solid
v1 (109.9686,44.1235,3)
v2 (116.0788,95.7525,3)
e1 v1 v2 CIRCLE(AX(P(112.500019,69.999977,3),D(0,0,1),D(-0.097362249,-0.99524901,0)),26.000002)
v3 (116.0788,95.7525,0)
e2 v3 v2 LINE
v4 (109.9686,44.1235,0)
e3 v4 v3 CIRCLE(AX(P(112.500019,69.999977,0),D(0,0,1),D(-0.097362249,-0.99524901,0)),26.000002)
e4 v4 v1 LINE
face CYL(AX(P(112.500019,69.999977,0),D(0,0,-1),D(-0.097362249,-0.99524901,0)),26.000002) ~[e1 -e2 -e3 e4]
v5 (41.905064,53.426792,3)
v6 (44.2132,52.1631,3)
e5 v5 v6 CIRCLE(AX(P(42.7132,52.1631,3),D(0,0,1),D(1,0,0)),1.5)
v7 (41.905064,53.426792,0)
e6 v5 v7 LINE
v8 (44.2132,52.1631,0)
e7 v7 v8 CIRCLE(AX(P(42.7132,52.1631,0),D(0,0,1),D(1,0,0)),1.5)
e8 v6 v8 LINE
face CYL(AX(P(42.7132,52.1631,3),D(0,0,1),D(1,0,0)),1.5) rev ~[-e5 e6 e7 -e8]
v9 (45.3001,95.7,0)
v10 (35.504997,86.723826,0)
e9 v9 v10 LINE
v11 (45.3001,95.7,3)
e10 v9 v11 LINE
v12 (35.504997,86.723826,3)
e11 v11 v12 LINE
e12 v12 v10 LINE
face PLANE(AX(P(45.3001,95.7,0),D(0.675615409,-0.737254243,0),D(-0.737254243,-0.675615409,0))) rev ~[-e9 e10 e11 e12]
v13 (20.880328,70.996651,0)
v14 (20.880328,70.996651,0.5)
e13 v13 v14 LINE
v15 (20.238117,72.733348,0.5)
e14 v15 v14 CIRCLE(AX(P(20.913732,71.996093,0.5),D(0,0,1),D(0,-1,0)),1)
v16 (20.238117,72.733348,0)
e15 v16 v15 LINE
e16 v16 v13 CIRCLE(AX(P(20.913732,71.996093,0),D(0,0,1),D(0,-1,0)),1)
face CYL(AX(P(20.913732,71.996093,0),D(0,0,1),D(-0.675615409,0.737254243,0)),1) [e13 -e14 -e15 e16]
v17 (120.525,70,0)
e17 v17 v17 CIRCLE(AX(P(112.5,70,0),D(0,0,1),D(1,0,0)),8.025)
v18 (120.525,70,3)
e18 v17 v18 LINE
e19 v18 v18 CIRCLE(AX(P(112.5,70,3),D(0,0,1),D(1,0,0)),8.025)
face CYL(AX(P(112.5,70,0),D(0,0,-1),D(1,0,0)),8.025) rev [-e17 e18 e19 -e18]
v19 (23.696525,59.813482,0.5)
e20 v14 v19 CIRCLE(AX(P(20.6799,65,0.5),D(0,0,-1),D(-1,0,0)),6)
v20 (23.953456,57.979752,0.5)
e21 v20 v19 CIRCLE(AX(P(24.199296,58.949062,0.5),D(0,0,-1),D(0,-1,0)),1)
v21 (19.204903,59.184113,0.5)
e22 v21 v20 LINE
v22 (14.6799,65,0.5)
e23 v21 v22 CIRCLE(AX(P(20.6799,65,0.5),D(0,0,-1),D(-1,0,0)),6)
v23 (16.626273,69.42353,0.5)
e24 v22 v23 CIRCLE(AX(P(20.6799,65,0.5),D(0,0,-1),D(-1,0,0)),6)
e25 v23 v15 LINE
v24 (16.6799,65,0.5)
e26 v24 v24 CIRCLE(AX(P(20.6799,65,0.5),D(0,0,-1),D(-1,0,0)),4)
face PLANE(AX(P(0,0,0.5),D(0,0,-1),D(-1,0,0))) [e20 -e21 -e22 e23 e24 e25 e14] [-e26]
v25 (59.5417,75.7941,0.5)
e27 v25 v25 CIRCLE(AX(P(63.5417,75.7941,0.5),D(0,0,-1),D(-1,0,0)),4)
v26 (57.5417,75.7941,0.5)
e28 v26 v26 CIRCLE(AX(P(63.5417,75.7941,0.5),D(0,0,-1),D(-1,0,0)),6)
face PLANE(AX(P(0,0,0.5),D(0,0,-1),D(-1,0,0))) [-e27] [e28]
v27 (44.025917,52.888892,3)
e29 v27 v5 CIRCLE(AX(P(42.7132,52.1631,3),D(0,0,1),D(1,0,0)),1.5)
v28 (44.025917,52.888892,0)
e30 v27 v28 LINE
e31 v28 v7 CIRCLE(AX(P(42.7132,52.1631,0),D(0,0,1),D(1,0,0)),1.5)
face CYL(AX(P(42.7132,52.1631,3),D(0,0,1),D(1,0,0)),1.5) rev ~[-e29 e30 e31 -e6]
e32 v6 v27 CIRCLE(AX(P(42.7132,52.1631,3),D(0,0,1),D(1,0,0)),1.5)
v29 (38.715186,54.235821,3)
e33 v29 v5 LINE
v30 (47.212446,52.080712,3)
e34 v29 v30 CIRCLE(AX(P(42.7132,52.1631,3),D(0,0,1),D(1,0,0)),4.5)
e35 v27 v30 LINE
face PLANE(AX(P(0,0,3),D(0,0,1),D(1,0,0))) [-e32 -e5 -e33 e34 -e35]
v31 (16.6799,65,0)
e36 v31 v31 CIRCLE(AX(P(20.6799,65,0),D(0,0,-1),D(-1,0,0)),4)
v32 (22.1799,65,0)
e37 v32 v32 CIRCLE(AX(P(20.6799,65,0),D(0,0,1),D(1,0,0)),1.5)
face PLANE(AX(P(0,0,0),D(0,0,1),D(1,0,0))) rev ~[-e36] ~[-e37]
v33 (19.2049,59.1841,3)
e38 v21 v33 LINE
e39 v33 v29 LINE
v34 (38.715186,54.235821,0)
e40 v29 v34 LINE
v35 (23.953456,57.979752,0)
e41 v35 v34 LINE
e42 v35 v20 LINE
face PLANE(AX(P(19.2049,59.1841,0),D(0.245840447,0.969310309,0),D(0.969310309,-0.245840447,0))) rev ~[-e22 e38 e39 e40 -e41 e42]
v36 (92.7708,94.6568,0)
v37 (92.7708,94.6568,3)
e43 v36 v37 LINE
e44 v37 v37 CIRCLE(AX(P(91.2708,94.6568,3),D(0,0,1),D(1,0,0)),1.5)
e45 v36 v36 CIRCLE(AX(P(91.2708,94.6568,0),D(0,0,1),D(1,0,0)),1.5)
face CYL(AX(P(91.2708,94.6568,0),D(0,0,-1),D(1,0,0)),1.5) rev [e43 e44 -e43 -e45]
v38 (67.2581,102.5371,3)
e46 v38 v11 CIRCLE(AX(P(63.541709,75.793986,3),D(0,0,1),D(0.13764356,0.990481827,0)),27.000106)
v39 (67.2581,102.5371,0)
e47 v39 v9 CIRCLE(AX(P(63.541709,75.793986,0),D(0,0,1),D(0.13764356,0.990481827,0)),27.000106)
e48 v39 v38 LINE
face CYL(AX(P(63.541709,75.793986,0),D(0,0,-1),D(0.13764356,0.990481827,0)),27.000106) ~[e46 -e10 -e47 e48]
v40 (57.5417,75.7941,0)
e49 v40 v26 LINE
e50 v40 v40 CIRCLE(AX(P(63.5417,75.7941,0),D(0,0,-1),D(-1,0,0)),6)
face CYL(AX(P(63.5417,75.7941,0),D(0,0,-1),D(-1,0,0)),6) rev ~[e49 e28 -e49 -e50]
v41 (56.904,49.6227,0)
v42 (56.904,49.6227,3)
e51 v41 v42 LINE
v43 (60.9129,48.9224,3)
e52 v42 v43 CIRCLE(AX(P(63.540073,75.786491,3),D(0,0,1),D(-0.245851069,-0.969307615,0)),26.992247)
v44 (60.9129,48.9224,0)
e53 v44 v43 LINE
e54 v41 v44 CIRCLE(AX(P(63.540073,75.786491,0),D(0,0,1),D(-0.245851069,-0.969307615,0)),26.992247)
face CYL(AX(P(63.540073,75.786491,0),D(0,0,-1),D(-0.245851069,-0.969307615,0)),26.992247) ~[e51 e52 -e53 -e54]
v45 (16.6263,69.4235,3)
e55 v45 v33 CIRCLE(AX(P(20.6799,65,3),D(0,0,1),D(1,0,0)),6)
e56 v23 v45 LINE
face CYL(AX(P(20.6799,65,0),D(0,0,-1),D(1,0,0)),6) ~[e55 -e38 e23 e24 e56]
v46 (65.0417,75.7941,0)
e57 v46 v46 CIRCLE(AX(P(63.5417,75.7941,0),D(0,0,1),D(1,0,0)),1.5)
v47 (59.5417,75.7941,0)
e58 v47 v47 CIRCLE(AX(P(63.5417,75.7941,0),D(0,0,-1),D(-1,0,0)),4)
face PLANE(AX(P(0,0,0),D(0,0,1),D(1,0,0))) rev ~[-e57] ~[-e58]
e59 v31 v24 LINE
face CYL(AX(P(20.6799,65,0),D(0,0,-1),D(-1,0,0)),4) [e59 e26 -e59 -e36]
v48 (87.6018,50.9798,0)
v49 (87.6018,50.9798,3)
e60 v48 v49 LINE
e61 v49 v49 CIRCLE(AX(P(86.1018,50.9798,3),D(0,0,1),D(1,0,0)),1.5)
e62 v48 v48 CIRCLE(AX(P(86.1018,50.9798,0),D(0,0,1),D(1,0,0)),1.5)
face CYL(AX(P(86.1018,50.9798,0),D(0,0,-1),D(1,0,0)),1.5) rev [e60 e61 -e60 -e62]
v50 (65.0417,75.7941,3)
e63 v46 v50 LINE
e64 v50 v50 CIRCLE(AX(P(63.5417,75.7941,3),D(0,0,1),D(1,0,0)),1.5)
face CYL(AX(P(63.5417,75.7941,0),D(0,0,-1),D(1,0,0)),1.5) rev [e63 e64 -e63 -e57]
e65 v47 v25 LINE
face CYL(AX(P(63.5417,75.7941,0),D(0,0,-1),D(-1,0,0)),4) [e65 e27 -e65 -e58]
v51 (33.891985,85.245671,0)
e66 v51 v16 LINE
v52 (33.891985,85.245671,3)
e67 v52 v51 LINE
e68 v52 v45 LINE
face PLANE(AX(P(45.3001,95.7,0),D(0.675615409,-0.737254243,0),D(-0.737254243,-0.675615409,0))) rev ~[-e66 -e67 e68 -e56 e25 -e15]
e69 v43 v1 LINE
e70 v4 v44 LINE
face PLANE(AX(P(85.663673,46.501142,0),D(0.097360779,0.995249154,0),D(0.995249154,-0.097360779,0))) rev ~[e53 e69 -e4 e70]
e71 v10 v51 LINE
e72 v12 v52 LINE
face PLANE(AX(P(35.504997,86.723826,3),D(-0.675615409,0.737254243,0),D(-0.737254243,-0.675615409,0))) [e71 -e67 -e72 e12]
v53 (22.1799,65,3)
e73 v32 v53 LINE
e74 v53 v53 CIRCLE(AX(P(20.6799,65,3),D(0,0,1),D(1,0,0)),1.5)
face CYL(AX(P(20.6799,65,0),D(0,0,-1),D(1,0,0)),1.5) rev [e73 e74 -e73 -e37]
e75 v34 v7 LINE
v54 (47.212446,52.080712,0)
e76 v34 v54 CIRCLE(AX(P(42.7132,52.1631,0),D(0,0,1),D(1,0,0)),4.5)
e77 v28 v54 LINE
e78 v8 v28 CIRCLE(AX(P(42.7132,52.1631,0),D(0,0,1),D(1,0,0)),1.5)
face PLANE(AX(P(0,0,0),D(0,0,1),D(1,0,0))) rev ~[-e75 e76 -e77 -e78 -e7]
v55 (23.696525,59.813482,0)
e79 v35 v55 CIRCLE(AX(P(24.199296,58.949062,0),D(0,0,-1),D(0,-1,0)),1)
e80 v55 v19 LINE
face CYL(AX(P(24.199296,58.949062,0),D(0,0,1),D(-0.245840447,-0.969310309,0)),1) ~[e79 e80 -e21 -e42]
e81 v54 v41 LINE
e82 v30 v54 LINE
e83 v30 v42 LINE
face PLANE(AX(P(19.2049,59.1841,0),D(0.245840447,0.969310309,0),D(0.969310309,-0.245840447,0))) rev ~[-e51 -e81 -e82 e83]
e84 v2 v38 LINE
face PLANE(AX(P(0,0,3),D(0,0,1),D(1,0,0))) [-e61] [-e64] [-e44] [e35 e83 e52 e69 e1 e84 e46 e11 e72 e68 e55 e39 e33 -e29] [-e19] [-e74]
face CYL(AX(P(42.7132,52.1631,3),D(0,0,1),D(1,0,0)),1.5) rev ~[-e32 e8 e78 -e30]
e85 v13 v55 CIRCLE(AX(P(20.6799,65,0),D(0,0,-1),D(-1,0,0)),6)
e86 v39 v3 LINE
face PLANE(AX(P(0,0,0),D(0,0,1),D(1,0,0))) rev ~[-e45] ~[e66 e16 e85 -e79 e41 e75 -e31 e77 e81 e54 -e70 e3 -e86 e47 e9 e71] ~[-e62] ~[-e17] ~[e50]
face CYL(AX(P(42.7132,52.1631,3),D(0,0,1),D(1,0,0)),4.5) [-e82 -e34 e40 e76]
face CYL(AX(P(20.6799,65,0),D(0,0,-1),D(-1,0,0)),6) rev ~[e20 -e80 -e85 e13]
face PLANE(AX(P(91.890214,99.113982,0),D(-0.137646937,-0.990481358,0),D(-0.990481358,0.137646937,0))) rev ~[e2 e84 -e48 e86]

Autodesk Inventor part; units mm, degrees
ref_plane "YZ Plane" through (0, 0, 0) normal (1, 0, 0) x (0, 1, 0)
ref_plane "XZ Plane" through (0, 0, 0) normal (0, 1, 0) x (-1, 0, 0)
ref_plane "XY Plane" through (0, 0, 0) normal (0, 0, 1) x (1, 0, 0)
sketch "スケッチ1" plane through (0, 0, 0) normal (0, 0, 1) x (1, 0, 0)
  circle A0 centre (-27.1196, 80) radius 1.5
  circle A1 centre (-27.1196, 80) radius 6
  circle A2 centre (20.6799, 65) radius 1.5
  circle A3 centre (20.6799, 65) radius 6
  circle A4 centre (63.5417, 75.7941) radius 1.5
  circle A5 centre (-68.1796, 83.3936) radius 1.5
  circle A6 centre (-112.5, 70) radius 8.025
  circle A7 centre (112.5, 70) radius 8.025
  arc A8 (109.9686, 44.1235) -> (116.0788, 95.7525) centre (112.5, 70) ccw
  circle A9 centre (-94.9808, 96.6696) radius 4.5
  circle A10 centre (-94.9808, 96.6696) radius 1.5
  circle A11 centre (-83.1426, 57.4965) radius 1.5
  circle A12 centre (-83.1426, 57.4965) radius 4.5
  circle A13 centre (86.1018, 50.9798) radius 4.5
  circle A14 centre (86.1018, 50.9798) radius 1.5
  circle A15 centre (91.2708, 94.6568) radius 1.5
  circle A16 centre (91.2708, 94.6568) radius 4.5
  line L0 (-103.9107, 45.4598) -> (-60.251, 60.7411)
  line L1 (-118.9391, 95.19) -> (-74.1234, 106.646)
  line L2 (-55.9515, 104.0449) -> (-24.0626, 85.1628)
  line L3 (-24.9517, 74.4053) -> (-59.508, 61.015)
  line L4 (116.0788, 95.7525) -> (67.2581, 102.5371)
  line L5 (45.3001, 95.7) -> (16.6263, 69.4235)
  line L6 (19.2049, 59.1841) -> (56.904, 49.6227)
  line L7 (60.9129, 48.9224) -> (109.9686, 44.1235)
  arc A17 (-118.9391, 95.19) -> (-103.9107, 45.4598) centre (-112.5, 70) ccw
  arc A18 (-60.251, 60.7411) -> (-59.508, 61.015) centre (-68.1796, 83.3936) ccw
  arc A19 (-55.9515, 104.0449) -> (-74.1234, 106.646) centre (-68.1796, 83.3936) ccw
  arc A20 (56.904, 49.6227) -> (60.9129, 48.9224) centre (63.5417, 75.7941) ccw
  arc A21 (67.2581, 102.5371) -> (45.3001, 95.7) centre (63.5417, 75.7941) ccw
  point P0 (0, 0)
  point P1 (0, 0)
  point P2 (0, 0)
  dimension "d0" = 3
  dimension "d1" = 12
  dimension "d2" = 3
  dimension "d3" = 12
  dimension "d4" = 3
  dimension "d5" = 3
  dimension "d6" = 16.05
  dimension "d7" = 16.05
  dimension "d8" = 52
  dimension "d9" = 9
  dimension "d10" = 3
  dimension "d11" = 3
  dimension "d12" = 9
  dimension "d13" = 9
  dimension "d14" = 3
  dimension "d15" = 3
  dimension "d16" = 9
  dimension "d17" = 2.0367
  dimension "d18" = 2.0367
  dimension "d19" = 24
  dimension "d20" = 24
  dimension "d21" = 26
  dimension "d22" = 27
  dimension "d23" = 27
  dimension "d24" = 31.9091
  dimension "d25" = 31.9091
  dimension "d26" = 32.5367
  dimension "d27" = 32.5367
extrude "押し出し1" add sketch "スケッチ1" along normal blind 3 contours A3 | A13 | A16 | A3 L5 A21 L4 A8 L7 A20 L6
sketch "スケッチ2" plane through (0, 0, 3) normal (0, 0, 1) x (1, 0, 0)
  arc A0 (56.904, 49.6227) -> (60.9129, 48.9224) centre (63.5417, 75.7941) ccw projected
  line L0 (60.9129, 48.9224) -> (109.9686, 44.1235) projected
  arc A1 (109.9686, 44.1235) -> (116.0788, 95.7525) centre (112.5, 70) ccw projected
  line L1 (116.0788, 95.7525) -> (67.2581, 102.5371) projected
  arc A2 (67.2581, 102.5371) -> (45.3001, 95.7) centre (63.5417, 75.7941) ccw projected
  line L2 (45.3001, 95.7) -> (16.6263, 69.4235) projected
  arc A3 (16.6263, 69.4235) -> (19.2049, 59.1841) centre (20.6799, 65) ccw projected
  line L3 (19.2049, 59.1841) -> (56.904, 49.6227) projected
  circle A4 centre (91.2708, 94.6568) radius 1.5 projected
  circle A5 centre (86.1018, 50.9798) radius 1.5 projected
  circle A6 centre (112.5, 70) radius 8.025 projected
  circle A7 centre (63.5417, 75.7941) radius 1.5 projected
  circle A8 centre (20.6799, 65) radius 1.5 projected
  circle A9 centre (63.5417, 75.7941) radius 27
  circle A10 centre (20.6799, 65) radius 21
  circle A11 centre (34.0051, 86.7414) radius 4.5
  circle A12 centre (34.0051, 86.7414) radius 1.5
  circle A13 centre (42.7132, 52.1631) radius 1.5
  circle A14 centre (42.7132, 52.1631) radius 4.5
  point P0 (0, 0)
  point P1 (38.7185, 54.235)
  point P2 (47.2124, 52.0807)
  point P3 (44.0259, 52.8889)
  point P4 (41.9051, 53.4268)
  point P5 (35.505, 86.7239)
  point P6 (37.9287, 88.9449)
  point P7 (31.4683, 83.0247)
  point P8 (33.892, 85.2457)
  dimension "d30" = 54
  dimension "d31" = 42
  dimension "d32" = 9
  dimension "d33" = 3
  dimension "d34" = 3
  dimension "d35" = 9
extrude "押し出し2" add sketch "スケッチ2" against normal blind 3 contours A14 L3 A13
sketch "スケッチ3" plane through (0, 0, 3) normal (0, 0, 1) x (1, 0, 0)
  line L0 (47.2124, 52.0807) -> (56.904, 49.6227) projected
  arc A0 (56.904, 49.6227) -> (60.9129, 48.9224) centre (63.5417, 75.7941) ccw projected
  line L1 (60.9129, 48.9224) -> (109.9686, 44.1235) projected
  arc A1 (109.9686, 44.1235) -> (116.0788, 95.7525) centre (112.5, 70) ccw projected
  line L2 (116.0788, 95.7525) -> (67.2581, 102.5371) projected
  arc A2 (67.2581, 102.5371) -> (45.3001, 95.7) centre (63.5417, 75.7941) ccw projected
  line L3 (45.3001, 95.7) -> (16.6263, 69.4235) projected
  arc A3 (16.6263, 69.4235) -> (19.2049, 59.1841) centre (20.6799, 65) ccw projected
  circle A4 centre (91.2708, 94.6568) radius 1.5 projected
  circle A5 centre (86.1018, 50.9798) radius 1.5 projected
  circle A6 centre (112.5, 70) radius 8.025 projected
  circle A7 centre (63.5417, 75.7941) radius 1.5 projected
  circle A8 centre (20.6799, 65) radius 1.5 projected
  circle A9 centre (34.0051, 86.7414) radius 1.5
  circle A10 centre (42.7132, 52.1631) radius 1.5
  arc A11 (38.7185, 54.235) -> (47.2124, 52.0807) centre (42.7132, 52.1631) ccw projected
  line L4 (19.2049, 59.1841) -> (38.7185, 54.235) projected
  point P0 (0, 0)
  point P1 (41.9051, 53.4268)
  point P2 (44.0259, 52.8889)
  point P3 (35.505, 86.7239)
  point P4 (33.892, 85.2457)
  dimension "d38" = 3
  dimension "d39" = 3
extrude "押し出し3" cut sketch "スケッチ3" against normal blind 3 contours A9 L3 | A10 picked at (33.6626, 86.26)
sketch "スケッチ4" plane through (0, 0, 0) normal (0, 0, -1) x (-1, 0, 0)
  circle A0 centre (-63.5417, 75.7941) radius 1.5 projected
  circle A1 centre (-20.6799, 65) radius 1.5 projected
  circle A2 centre (-20.6799, 65) radius 6
  circle A3 centre (-20.6799, 65) radius 4
  circle A4 centre (-63.5417, 75.7941) radius 4
  circle A5 centre (-63.5417, 75.7941) radius 6
  point P0 (0, 0)
  dimension "d42" = 12
  dimension "d43" = 8
  dimension "d44" = 8
  dimension "d45" = 12
extrude "押し出し4" cut sketch "スケッチ4" against normal blind 0.5 contours A2 | A5
fillet "フィレット1" radius 1 2 edges at (19.2049, 59.1841, 0.25) (16.6263, 69.4235, 0.25)
properties part number "後脚ギアトレイン5.1" material "アルミニウム 7075"
